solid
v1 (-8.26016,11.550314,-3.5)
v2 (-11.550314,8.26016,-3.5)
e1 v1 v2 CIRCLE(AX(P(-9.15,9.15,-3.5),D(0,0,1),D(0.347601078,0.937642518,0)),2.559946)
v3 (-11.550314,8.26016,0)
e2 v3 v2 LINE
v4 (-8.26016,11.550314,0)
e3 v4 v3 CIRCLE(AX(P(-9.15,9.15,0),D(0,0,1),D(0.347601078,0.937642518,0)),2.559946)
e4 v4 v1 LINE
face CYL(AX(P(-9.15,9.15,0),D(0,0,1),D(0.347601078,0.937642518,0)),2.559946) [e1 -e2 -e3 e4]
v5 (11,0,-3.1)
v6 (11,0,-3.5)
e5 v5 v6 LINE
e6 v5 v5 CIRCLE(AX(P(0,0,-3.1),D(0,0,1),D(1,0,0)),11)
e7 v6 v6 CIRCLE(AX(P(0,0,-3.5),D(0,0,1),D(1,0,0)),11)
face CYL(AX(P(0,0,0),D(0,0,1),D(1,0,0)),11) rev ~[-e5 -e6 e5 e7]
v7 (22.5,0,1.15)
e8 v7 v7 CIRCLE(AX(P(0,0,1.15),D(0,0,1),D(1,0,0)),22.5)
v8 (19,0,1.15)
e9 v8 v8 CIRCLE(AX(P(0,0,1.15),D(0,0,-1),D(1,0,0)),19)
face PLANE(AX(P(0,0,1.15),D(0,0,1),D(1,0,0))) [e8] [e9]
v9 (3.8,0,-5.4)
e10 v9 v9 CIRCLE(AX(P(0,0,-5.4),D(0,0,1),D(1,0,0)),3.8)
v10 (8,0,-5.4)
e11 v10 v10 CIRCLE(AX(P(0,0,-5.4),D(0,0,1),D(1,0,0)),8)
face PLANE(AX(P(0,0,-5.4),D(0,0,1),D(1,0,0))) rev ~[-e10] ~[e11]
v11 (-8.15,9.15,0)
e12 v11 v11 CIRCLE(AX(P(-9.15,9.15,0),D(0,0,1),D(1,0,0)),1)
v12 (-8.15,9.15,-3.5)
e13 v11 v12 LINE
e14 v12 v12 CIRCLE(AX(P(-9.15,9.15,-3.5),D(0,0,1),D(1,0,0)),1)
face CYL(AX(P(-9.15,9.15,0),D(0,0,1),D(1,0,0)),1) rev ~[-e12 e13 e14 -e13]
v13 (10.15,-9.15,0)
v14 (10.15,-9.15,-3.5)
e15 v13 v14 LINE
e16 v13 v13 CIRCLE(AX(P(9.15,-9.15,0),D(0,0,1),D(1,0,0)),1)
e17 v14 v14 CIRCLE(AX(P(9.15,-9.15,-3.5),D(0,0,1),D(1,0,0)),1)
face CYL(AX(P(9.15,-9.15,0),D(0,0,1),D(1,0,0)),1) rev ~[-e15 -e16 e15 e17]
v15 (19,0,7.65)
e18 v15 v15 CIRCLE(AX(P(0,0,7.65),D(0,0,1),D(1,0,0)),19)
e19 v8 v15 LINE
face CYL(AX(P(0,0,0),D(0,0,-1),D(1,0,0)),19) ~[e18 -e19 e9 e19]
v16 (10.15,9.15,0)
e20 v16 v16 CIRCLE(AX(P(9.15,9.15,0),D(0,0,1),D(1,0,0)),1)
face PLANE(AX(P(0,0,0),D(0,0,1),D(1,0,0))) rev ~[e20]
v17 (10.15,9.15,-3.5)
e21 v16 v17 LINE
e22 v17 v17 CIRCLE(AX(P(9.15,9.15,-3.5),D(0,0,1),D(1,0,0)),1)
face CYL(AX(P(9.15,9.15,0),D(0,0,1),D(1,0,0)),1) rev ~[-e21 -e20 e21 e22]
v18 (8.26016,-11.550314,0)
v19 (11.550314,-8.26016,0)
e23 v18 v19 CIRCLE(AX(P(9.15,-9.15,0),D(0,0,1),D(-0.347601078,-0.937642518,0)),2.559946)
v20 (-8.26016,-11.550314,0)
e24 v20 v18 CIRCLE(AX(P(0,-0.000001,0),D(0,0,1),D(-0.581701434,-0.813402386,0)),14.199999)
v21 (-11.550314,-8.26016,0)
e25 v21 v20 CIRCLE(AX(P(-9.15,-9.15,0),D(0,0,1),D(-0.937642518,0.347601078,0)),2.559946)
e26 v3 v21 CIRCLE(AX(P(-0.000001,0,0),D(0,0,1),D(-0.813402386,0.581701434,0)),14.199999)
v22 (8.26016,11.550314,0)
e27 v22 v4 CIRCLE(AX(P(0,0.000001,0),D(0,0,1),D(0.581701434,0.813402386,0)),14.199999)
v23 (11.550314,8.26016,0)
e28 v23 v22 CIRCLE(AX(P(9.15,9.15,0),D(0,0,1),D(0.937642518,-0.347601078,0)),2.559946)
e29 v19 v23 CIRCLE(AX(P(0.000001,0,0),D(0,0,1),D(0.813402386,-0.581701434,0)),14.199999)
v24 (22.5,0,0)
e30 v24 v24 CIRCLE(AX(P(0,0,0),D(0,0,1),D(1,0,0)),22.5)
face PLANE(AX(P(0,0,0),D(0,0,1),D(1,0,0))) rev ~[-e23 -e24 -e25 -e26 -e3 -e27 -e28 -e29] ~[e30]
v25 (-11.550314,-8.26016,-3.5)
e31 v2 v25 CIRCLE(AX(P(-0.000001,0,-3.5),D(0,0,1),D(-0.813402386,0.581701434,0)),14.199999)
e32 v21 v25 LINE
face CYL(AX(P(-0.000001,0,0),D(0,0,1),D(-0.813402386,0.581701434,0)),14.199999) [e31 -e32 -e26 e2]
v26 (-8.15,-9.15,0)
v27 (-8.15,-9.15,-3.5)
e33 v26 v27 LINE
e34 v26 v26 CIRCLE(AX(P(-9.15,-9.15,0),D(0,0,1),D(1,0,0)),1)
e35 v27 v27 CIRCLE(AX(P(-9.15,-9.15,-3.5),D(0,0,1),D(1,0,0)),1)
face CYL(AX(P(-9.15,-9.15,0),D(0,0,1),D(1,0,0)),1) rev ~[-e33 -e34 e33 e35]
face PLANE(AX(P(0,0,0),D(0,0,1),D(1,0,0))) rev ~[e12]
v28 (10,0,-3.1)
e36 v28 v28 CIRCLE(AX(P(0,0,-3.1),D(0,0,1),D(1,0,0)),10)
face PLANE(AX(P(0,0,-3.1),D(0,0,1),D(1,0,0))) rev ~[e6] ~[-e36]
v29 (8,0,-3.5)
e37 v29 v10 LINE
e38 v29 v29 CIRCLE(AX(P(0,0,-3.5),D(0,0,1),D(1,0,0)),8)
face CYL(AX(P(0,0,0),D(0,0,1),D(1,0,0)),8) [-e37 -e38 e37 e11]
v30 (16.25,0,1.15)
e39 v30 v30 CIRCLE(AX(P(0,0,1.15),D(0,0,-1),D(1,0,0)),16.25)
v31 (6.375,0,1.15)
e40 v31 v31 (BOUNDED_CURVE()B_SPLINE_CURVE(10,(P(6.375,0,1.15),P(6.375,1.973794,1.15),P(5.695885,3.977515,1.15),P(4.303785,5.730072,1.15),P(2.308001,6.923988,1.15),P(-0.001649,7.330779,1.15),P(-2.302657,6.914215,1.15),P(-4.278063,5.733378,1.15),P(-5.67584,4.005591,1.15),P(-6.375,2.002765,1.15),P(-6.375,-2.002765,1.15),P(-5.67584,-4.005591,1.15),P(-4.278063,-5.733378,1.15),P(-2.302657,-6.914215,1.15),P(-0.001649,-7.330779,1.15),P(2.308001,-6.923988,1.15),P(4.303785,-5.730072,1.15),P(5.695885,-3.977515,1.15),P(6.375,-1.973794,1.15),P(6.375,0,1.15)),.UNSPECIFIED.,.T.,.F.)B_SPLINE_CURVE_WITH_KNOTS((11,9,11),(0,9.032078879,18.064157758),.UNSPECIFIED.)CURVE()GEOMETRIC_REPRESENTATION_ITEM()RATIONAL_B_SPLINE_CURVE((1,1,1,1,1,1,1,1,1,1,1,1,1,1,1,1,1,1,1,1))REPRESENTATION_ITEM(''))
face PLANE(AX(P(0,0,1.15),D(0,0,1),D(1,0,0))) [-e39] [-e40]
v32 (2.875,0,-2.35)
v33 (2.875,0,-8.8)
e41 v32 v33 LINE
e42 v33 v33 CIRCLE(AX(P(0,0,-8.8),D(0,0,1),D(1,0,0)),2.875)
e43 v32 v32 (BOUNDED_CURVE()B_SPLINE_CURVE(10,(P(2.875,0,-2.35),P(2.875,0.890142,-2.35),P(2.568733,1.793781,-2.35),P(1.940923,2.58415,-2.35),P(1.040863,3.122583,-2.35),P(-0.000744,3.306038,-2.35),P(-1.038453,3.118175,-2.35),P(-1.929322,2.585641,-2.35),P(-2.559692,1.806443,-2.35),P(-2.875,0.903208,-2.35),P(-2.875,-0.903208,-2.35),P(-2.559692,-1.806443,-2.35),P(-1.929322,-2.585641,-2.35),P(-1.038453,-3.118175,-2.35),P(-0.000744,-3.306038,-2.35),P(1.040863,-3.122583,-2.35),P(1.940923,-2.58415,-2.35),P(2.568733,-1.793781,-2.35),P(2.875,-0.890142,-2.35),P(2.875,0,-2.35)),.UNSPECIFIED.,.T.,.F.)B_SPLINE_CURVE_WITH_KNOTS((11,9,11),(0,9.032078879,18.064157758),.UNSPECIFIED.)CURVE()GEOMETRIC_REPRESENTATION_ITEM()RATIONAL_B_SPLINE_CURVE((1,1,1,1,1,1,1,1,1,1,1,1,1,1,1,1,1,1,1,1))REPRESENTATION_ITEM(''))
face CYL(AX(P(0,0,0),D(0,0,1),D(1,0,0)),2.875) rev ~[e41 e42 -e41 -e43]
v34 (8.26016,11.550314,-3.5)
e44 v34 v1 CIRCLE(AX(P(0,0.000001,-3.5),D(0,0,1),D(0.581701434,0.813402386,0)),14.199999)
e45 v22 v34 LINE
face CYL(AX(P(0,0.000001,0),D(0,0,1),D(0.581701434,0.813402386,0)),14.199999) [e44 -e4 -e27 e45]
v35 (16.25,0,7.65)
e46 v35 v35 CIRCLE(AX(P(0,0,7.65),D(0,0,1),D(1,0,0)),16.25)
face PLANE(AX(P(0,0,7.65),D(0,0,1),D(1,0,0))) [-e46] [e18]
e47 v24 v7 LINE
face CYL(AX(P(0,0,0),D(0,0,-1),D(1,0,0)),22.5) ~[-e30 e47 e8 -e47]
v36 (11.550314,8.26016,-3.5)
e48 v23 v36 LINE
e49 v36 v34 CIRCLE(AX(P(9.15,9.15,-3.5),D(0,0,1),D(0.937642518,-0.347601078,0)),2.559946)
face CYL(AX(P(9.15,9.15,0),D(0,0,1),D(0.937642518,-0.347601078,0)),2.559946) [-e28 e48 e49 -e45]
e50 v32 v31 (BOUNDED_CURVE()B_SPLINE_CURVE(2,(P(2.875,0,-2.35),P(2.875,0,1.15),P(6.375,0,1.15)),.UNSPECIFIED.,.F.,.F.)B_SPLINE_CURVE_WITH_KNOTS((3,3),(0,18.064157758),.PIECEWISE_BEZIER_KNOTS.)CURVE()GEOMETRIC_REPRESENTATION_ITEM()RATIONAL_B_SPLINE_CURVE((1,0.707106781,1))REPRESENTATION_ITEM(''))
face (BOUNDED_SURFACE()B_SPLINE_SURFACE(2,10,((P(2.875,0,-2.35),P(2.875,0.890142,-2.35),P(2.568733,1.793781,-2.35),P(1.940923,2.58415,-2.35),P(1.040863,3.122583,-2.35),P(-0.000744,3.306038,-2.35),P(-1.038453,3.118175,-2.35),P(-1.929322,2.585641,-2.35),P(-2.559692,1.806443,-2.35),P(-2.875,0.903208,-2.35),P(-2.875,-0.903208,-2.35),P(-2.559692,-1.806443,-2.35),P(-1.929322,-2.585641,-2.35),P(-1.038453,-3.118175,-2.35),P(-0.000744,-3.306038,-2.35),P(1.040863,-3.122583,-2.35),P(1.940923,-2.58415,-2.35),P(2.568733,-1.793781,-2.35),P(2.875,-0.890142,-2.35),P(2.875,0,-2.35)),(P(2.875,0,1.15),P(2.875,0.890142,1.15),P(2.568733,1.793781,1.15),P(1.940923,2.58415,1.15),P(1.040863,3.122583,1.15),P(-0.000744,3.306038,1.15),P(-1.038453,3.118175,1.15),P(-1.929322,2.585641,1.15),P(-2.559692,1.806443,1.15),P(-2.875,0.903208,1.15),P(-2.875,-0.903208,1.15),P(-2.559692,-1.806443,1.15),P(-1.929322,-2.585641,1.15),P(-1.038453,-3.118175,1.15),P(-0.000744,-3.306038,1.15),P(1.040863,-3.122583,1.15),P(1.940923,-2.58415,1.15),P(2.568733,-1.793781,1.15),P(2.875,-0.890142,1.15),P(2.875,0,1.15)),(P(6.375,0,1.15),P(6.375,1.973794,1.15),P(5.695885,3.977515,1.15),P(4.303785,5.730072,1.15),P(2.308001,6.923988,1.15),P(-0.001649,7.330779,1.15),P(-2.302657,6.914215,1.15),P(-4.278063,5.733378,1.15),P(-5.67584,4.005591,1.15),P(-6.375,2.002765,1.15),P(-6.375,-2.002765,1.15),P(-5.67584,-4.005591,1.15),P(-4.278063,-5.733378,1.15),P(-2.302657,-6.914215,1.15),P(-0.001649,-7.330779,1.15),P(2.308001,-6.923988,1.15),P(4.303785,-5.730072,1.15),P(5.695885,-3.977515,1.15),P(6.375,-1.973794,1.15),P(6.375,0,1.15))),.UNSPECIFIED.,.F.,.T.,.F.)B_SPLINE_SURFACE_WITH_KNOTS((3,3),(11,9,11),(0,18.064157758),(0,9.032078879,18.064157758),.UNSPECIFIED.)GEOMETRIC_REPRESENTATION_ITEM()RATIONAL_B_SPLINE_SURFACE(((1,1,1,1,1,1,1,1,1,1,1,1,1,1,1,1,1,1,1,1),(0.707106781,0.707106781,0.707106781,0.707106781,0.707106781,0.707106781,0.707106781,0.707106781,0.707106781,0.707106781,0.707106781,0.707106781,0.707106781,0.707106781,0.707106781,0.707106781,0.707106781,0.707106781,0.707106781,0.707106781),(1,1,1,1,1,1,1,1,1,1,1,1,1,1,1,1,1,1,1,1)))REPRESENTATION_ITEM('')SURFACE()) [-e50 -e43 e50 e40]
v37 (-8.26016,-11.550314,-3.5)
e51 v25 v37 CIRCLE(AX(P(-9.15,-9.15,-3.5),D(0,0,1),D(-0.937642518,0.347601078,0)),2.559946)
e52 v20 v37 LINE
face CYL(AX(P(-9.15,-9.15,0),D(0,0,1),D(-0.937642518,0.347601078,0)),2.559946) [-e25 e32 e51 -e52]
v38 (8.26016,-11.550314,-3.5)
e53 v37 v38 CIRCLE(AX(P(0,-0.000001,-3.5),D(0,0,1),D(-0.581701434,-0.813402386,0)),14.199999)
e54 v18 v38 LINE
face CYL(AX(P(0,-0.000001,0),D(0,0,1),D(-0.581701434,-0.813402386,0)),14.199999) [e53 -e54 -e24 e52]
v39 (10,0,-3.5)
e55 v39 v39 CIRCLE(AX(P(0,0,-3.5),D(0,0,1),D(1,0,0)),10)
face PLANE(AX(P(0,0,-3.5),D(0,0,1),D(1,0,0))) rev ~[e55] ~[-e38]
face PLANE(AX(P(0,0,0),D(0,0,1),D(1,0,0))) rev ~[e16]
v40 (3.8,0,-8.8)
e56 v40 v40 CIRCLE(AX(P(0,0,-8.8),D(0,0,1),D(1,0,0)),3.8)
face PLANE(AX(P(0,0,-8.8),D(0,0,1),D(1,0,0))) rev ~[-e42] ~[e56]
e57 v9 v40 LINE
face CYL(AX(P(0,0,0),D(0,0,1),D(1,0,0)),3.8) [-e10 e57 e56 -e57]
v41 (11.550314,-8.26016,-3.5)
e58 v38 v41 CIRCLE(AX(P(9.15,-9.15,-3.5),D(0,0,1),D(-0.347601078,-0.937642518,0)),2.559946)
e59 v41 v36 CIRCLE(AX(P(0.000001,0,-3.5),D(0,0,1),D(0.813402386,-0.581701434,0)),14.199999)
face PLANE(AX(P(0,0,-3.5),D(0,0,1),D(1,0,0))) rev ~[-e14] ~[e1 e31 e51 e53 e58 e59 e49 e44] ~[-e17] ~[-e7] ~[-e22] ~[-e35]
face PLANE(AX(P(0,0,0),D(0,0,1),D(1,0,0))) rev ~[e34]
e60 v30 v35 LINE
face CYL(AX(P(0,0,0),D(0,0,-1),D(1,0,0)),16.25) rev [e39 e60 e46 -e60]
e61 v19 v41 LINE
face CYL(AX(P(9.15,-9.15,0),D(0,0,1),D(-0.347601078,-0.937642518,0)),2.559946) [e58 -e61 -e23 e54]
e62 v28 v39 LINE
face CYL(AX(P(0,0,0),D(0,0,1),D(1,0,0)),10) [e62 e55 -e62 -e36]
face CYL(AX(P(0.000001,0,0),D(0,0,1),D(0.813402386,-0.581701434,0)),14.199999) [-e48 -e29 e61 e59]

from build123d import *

# Parameters (mm, degrees)
F0_R     = 22.5
F0_R_2   = 19
F0_R_3   = 16.25
F0_R_4   = 1
F0_R_5   = 11
F0_R_6   = 10
F0_R_7   = 8
F0_R_8   = 6.4
F0_R_9   = 3.8
F0_R_10  = 2.875
F1_DEPTH = 1.15
F2_DEPTH = 7.65
F3_DEPTH = 3.5
F4_DEPTH = 3.1
F5_DEPTH = 5.4
F6_DEPTH = 8.8
F7_R     = 3.5


with BuildPart() as f1:
    # F0 (on Top) → F1 (new body)
    with BuildSketch(Plane.XY):
        Circle(F0_R)
        Circle(F0_R_2, mode=Mode.SUBTRACT)
        Circle(F0_R_2)
        Circle(F0_R_3, mode=Mode.SUBTRACT)
        Circle(F0_R_3)
        with BuildLine():
            ThreePointArc((8.26016, -11.550314), (0, -14.2), (-8.26016, -11.550314))
            ThreePointArc((-8.26016, -11.550314), (-10.960155, -10.960155), (-11.550314, -8.26016))
            ThreePointArc((-11.550314, -8.26016), (-14.2, 0), (-11.550314, 8.26016))
            ThreePointArc((-11.550314, 8.26016), (-10.960155, 10.960155), (-8.26016, 11.550314))
            ThreePointArc((-8.26016, 11.550314), (0, 14.2), (8.26016, 11.550314))
            ThreePointArc((8.26016, 11.550314), (10.960155, 10.960155), (11.550314, 8.26016))
            ThreePointArc((11.550314, 8.26016), (14.2, 0), (11.550314, -8.26016))
            ThreePointArc((11.550314, -8.26016), (10.960155, -10.960155), (8.26016, -11.550314))
        make_face(mode=Mode.SUBTRACT)
        with BuildLine():
            ThreePointArc((-11.550314, -8.26016), (-10.960155, -10.960155), (-8.26016, -11.550314))
            ThreePointArc((-8.26016, -11.550314), (0, -14.2), (8.26016, -11.550314))
            ThreePointArc((8.26016, -11.550314), (10.960155, -10.960155), (11.550314, -8.26016))
            ThreePointArc((11.550314, -8.26016), (14.2, 0), (11.550314, 8.26016))
            ThreePointArc((11.550314, 8.26016), (10.960155, 10.960155), (8.26016, 11.550314))
            ThreePointArc((8.26016, 11.550314), (0, 14.2), (-8.26016, 11.550314))
            ThreePointArc((-8.26016, 11.550314), (-10.960155, 10.960155), (-11.550314, 8.26016))
            ThreePointArc((-11.550314, 8.26016), (-14.2, 0), (-11.550314, -8.26016))
        make_face()
        with Locations((-9.15, -9.15)):
            Circle(F0_R_4, mode=Mode.SUBTRACT)
        with Locations((9.15, -9.15)):
            Circle(F0_R_4, mode=Mode.SUBTRACT)
        with Locations((-9.15, 9.15)):
            Circle(F0_R_4, mode=Mode.SUBTRACT)
        Circle(F0_R_5, mode=Mode.SUBTRACT)
        with Locations((9.15, 9.15)):
            Circle(F0_R_4, mode=Mode.SUBTRACT)
        Circle(F0_R_5)
        Circle(F0_R_6, mode=Mode.SUBTRACT)
        Circle(F0_R_6)
        Circle(F0_R_7, mode=Mode.SUBTRACT)
        Circle(F0_R_7)
        Circle(F0_R_8, mode=Mode.SUBTRACT)
        with Locations((-9.15, 9.15)):
            Circle(F0_R_4)
        with Locations((9.15, 9.15)):
            Circle(F0_R_4)
        with Locations((9.15, -9.15)):
            Circle(F0_R_4)
        with Locations((-9.15, -9.15)):
            Circle(F0_R_4)
        Circle(F0_R_8)
        Circle(F0_R_9, mode=Mode.SUBTRACT)
        Circle(F0_R_9)
        Circle(F0_R_10, mode=Mode.SUBTRACT)
    extrude(amount=F1_DEPTH)

    # F0 (on Top) → F2 (join)
    with BuildSketch(Plane.XY):
        Circle(F0_R_2)
        Circle(F0_R_3, mode=Mode.SUBTRACT)
    extrude(amount=F2_DEPTH)

    # F0 (on Top) → F3 (join)
    with BuildSketch(Plane.XY):
        with BuildLine():
            ThreePointArc((-11.550314, -8.26016), (-10.960155, -10.960155), (-8.26016, -11.550314))
            ThreePointArc((-8.26016, -11.550314), (0, -14.2), (8.26016, -11.550314))
            ThreePointArc((8.26016, -11.550314), (10.960155, -10.960155), (11.550314, -8.26016))
            ThreePointArc((11.550314, -8.26016), (14.2, 0), (11.550314, 8.26016))
            ThreePointArc((11.550314, 8.26016), (10.960155, 10.960155), (8.26016, 11.550314))
            ThreePointArc((8.26016, 11.550314), (0, 14.2), (-8.26016, 11.550314))
            ThreePointArc((-8.26016, 11.550314), (-10.960155, 10.960155), (-11.550314, 8.26016))
            ThreePointArc((-11.550314, 8.26016), (-14.2, 0), (-11.550314, -8.26016))
        make_face()
        with Locations((-9.15, -9.15)):
            Circle(F0_R_4, mode=Mode.SUBTRACT)
        with Locations((9.15, -9.15)):
            Circle(F0_R_4, mode=Mode.SUBTRACT)
        with Locations((-9.15, 9.15)):
            Circle(F0_R_4, mode=Mode.SUBTRACT)
        Circle(F0_R_5, mode=Mode.SUBTRACT)
        with Locations((9.15, 9.15)):
            Circle(F0_R_4, mode=Mode.SUBTRACT)
        Circle(F0_R_6)
        Circle(F0_R_7, mode=Mode.SUBTRACT)
    extrude(amount=-F3_DEPTH)

    # F0 (on Top) → F4 (join)
    with BuildSketch(Plane.XY):
        Circle(F0_R_5)
        Circle(F0_R_6, mode=Mode.SUBTRACT)
    extrude(amount=-F4_DEPTH)

    # F0 (on Top) → F5 (join)
    with BuildSketch(Plane.XY):
        Circle(F0_R_7)
        Circle(F0_R_8, mode=Mode.SUBTRACT)
        Circle(F0_R_8)
        Circle(F0_R_9, mode=Mode.SUBTRACT)
    extrude(amount=-F5_DEPTH)

    # F0 (on Top) → F6 (join)
    with BuildSketch(Plane.XY):
        Circle(F0_R_9)
        Circle(F0_R_10, mode=Mode.SUBTRACT)
    extrude(amount=-F6_DEPTH)

    # F7
    f7_edges = [f1.edges().sort_by_distance(p)[0] for p in [
        (-2.875, 0, 1.15),
    ]]
    fillet(f7_edges, radius=F7_R)


solid = f1.part
